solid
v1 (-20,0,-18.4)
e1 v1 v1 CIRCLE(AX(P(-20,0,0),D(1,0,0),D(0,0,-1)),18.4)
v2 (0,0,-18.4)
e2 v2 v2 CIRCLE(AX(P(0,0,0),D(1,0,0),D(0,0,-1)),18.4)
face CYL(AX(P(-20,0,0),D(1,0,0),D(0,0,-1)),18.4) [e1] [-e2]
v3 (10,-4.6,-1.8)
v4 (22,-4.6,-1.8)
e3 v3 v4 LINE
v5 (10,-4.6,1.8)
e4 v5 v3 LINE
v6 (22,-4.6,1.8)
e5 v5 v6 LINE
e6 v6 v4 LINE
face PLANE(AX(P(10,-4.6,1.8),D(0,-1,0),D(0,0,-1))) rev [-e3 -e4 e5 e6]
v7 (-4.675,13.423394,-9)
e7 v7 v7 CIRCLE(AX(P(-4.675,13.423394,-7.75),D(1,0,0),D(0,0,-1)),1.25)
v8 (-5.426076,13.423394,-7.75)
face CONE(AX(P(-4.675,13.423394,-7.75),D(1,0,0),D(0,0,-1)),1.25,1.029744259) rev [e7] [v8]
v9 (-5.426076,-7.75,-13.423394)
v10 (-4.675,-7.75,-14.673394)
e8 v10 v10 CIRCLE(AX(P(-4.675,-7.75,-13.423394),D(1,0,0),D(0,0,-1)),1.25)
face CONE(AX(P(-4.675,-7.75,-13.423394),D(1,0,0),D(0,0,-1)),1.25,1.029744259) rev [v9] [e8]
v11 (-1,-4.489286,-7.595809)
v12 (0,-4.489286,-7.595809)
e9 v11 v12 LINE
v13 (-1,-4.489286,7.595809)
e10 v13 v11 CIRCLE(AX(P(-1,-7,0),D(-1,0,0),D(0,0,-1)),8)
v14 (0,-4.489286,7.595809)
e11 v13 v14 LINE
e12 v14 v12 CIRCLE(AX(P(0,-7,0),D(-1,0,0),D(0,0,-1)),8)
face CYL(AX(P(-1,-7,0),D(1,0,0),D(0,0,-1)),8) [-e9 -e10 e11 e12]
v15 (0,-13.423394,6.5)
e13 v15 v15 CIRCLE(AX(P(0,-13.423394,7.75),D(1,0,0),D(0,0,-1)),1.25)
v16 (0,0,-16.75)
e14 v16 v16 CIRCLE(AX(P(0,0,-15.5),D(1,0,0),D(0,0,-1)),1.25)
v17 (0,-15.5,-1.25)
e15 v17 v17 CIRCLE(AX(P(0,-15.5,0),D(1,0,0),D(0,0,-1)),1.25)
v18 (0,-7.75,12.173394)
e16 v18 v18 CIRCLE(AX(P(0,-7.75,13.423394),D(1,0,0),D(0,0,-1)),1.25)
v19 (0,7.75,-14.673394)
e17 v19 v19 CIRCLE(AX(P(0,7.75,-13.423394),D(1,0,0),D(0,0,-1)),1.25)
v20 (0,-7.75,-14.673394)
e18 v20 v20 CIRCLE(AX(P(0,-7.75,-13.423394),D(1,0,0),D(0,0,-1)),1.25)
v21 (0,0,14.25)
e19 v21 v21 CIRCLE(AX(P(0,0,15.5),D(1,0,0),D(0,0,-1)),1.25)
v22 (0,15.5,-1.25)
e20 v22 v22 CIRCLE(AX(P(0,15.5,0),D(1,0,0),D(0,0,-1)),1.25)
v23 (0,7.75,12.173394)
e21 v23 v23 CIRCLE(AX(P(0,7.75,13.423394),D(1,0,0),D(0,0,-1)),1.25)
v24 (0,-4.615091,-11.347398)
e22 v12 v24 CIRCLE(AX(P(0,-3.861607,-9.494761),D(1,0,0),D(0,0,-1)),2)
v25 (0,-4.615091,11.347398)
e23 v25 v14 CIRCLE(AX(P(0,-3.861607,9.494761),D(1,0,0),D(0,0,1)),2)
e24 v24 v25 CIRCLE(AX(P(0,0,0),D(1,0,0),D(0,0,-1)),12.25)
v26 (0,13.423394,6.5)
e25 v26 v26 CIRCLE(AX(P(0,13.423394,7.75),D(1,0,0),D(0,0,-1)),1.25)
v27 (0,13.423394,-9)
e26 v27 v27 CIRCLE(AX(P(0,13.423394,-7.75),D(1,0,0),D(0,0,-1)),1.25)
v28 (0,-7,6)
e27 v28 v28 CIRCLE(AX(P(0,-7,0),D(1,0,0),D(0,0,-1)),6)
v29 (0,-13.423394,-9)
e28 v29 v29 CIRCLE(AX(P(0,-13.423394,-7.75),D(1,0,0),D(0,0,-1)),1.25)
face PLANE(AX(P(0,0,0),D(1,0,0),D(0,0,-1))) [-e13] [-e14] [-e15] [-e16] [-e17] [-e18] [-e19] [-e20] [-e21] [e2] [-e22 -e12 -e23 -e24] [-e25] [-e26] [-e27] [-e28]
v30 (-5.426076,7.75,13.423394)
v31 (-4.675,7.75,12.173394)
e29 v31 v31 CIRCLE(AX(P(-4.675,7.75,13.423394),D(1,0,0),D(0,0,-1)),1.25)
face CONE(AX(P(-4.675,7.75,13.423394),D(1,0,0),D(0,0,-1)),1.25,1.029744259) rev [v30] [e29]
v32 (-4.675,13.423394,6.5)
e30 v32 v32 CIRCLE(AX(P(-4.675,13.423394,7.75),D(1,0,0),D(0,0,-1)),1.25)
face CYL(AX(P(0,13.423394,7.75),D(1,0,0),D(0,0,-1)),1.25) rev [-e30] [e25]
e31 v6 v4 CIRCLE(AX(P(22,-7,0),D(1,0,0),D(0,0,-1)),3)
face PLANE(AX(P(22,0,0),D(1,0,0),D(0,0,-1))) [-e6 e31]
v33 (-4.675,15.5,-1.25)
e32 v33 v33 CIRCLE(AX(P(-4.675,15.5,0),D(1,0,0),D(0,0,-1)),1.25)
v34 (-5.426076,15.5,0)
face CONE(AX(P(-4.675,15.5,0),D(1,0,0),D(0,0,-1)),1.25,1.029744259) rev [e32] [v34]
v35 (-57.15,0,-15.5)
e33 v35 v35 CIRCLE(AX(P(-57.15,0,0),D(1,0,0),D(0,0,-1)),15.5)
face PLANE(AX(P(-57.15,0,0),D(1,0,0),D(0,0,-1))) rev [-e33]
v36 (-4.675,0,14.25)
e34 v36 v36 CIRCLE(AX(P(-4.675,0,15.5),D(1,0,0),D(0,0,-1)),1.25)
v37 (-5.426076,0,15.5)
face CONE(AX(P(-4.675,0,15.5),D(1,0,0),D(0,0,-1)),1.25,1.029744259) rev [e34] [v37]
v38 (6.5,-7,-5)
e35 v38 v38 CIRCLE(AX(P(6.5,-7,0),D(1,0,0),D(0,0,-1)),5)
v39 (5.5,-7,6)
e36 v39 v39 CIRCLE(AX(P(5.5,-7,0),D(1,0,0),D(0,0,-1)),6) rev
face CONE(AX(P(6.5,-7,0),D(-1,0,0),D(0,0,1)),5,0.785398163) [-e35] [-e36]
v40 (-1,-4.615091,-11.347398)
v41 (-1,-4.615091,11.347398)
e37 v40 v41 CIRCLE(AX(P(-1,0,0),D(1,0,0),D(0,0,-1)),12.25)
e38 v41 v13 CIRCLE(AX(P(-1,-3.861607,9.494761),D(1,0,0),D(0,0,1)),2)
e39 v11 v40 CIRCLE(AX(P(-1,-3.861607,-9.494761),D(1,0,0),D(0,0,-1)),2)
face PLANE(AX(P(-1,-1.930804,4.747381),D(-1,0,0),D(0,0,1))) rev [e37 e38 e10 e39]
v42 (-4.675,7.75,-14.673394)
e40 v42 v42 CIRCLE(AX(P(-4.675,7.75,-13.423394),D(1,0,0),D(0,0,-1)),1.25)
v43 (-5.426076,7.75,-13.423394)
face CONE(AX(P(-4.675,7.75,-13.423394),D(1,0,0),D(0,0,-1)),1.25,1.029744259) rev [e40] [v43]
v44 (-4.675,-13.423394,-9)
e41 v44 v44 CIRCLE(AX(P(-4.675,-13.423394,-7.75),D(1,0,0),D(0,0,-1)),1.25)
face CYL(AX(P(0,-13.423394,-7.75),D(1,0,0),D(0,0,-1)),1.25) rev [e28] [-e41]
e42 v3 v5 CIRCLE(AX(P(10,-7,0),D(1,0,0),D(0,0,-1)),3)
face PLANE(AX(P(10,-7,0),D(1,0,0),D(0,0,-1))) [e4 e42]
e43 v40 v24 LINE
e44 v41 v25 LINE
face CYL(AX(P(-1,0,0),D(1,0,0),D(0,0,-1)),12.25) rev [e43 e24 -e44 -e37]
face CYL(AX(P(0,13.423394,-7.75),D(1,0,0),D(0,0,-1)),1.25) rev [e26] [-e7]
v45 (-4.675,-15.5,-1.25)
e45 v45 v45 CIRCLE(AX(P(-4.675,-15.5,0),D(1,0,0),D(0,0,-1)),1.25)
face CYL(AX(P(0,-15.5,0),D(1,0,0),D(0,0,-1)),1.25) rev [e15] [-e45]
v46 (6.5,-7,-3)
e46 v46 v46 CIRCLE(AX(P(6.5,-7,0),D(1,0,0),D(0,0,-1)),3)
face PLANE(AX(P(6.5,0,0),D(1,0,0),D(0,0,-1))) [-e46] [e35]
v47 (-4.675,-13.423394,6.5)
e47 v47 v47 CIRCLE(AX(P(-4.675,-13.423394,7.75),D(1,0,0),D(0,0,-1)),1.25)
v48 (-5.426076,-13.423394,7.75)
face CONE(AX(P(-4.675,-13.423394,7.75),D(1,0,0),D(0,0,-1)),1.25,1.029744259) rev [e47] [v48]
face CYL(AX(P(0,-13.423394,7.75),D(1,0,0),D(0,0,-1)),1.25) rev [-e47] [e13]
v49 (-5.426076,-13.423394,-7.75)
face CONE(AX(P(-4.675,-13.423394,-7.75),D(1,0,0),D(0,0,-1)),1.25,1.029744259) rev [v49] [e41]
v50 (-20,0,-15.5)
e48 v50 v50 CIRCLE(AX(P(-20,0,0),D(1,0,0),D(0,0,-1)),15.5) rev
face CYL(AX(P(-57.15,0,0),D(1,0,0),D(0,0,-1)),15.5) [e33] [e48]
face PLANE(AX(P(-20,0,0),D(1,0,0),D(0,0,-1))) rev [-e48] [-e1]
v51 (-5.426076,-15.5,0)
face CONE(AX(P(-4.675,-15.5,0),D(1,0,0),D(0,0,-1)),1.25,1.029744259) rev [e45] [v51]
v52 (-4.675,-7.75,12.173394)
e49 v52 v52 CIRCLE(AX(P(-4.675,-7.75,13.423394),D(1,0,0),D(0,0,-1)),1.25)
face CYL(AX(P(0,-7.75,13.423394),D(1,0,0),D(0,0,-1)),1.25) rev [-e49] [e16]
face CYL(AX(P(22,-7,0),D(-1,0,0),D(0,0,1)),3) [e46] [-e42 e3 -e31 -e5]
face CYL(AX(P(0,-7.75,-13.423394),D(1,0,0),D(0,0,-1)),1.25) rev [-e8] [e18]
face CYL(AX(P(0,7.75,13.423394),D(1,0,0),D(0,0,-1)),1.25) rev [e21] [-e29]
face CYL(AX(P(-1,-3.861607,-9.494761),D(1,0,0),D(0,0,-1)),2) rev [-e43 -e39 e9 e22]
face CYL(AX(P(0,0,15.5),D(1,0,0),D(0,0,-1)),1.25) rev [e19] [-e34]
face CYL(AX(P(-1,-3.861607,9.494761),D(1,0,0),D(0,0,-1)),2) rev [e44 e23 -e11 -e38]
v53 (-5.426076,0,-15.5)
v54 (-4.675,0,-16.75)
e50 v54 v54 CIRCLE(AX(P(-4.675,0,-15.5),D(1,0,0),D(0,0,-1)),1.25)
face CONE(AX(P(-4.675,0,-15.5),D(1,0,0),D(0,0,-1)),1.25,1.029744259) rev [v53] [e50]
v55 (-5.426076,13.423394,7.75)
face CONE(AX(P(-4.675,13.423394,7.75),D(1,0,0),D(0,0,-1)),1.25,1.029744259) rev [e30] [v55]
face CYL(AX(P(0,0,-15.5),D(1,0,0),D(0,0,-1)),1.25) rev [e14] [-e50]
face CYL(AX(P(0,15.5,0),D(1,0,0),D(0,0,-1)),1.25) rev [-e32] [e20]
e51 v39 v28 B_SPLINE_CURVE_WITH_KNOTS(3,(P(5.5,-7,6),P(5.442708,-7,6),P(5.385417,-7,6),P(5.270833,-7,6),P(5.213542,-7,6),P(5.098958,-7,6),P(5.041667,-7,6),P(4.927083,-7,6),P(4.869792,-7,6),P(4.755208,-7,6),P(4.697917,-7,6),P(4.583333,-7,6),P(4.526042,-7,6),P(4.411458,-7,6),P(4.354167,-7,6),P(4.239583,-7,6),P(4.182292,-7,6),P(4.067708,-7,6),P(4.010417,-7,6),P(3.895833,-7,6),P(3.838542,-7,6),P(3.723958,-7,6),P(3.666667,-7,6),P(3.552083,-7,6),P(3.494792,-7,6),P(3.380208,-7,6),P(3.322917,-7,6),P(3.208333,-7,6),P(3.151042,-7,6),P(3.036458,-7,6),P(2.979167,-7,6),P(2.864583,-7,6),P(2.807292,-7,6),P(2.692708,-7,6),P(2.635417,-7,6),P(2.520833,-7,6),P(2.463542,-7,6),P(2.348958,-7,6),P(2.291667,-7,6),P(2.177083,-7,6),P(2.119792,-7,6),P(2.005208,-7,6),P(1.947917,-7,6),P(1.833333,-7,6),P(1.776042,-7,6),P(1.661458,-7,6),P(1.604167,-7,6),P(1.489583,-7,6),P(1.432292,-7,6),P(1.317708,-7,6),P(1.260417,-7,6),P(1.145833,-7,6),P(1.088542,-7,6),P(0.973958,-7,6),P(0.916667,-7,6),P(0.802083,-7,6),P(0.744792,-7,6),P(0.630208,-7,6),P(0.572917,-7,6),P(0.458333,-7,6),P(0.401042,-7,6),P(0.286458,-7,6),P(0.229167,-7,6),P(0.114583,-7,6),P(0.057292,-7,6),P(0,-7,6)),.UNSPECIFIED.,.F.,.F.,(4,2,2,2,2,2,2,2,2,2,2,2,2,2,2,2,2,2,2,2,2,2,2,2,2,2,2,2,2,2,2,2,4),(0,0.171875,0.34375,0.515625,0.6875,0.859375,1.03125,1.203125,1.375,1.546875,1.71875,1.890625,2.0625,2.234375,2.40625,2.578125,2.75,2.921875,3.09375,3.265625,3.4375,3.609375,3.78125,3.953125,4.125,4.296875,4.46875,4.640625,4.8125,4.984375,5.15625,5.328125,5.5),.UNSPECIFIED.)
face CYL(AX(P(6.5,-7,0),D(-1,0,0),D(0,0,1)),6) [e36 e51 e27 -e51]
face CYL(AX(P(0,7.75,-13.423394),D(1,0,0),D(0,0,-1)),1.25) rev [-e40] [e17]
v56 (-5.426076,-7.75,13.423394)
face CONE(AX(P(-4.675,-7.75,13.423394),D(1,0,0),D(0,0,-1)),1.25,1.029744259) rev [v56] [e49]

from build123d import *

# Parameters (mm, degrees)
SKETCH1_R                 = 6
SKETCH1_R_2               = 3
BOSS_EXTRUDE1_DEPTH       = 6.5
SKETCH1_3_R               = 3
BOSS_EXTRUDE2_DEPTH       = 22
SKETCH1_4_R               = 18.4
BOSS_EXTRUDE3_DEPTH       = 20
SKETCH1_5_R               = 15.5
BOSS_EXTRUDE4_DEPTH       = 57.15
M3X0_5_TAPPED_HOLE1_D     = 2.5
M3X0_5_TAPPED_HOLE1_DEPTH = 4.675
M3X0_5_TAPPED_HOLE1_TIP   = 0.751075774
CUT_EXTRUDE1_DEPTH        = 1
CUT_EXTRUDE2_START        = -12
CUT_EXTRUDE2_DEPTH        = 12
CHAMFER1_SIZE             = 1


with BuildPart() as part:
    # Sketch1 → Boss-Extrude1 (new body)
    with BuildSketch(Plane(origin=(0, 0, 0), x_dir=(0, 0, -1), z_dir=(1, 0, 0))):
        with Locations((0, -7)):
            Circle(SKETCH1_R)
        with Locations((0, -7)):
            Circle(SKETCH1_R_2, mode=Mode.SUBTRACT)
    extrude(amount=BOSS_EXTRUDE1_DEPTH)

    # Sketch1<3> → Boss-Extrude2 (add)
    with BuildSketch(Plane(origin=(0, 0, 0), x_dir=(0, 0, -1), z_dir=(1, 0, 0))):
        with Locations((0, -7)):
            Circle(SKETCH1_3_R)
    extrude(amount=BOSS_EXTRUDE2_DEPTH)



with BuildPart() as body_2:
    # Sketch1<4> → Boss-Extrude3 (new body)
    with BuildSketch(Plane(origin=(0, 0, 0), x_dir=(0, 0, -1), z_dir=(1, 0, 0))):
        Circle(SKETCH1_4_R)
    extrude(amount=-BOSS_EXTRUDE3_DEPTH)


with BuildPart() as part_1:
    add(part.part)

    add(body_2.part)  # Boss-Extrude4 merges body 2
    # Sketch1<5> → Boss-Extrude4 (add)
    with BuildSketch(Plane(origin=(0, 0, 0), x_dir=(0, 0, -1), z_dir=(1, 0, 0))):
        Circle(SKETCH1_5_R)
    extrude(amount=-BOSS_EXTRUDE4_DEPTH)

    # M3x0.5 Tapped Hole1
    with Locations(Plane(origin=(0, 0, 0), x_dir=(0, 0, -1), z_dir=(1, 0, 0))):
        with Locations((-13.423393759, 7.75), (-15.5, 0), (-13.423393759, -7.75), (-7.75, -13.423393759), (0, -15.5), (7.75, -13.423393759), (13.423393759, -7.75), (15.5, 0), (13.423393759, 7.75), (7.75, 13.423393759), (0, 15.5), (-7.75, 13.423393759)):
            Hole(M3X0_5_TAPPED_HOLE1_D / 2, depth=M3X0_5_TAPPED_HOLE1_DEPTH)
            with Locations((0, 0, -(M3X0_5_TAPPED_HOLE1_DEPTH + M3X0_5_TAPPED_HOLE1_TIP / 2))):  # 118° drill point
                Cone(0, M3X0_5_TAPPED_HOLE1_D / 2, M3X0_5_TAPPED_HOLE1_TIP, mode=Mode.SUBTRACT)

    # Sketch4 → Cut-Extrude1 (cut)
    with BuildSketch(Plane(origin=(0, 0, 0), x_dir=(0, 0, -1), z_dir=(1, 0, 0))):
        with BuildLine():
            ThreePointArc((11.347397534, -4.615091463), (0, 12.25), (-11.347397534, -4.615091463))
            ThreePointArc((-11.347397534, -4.615091463), (-9.427730891, -5.860483562), (-7.595808961, -4.489285714))
            ThreePointArc((-7.595808961, -4.489285714), (0, 1), (7.595808961, -4.489285714))
            ThreePointArc((7.595808961, -4.489285714), (9.427730891, -5.860483562), (11.347397534, -4.615091463))
        make_face()
    extrude(amount=-CUT_EXTRUDE1_DEPTH, mode=Mode.SUBTRACT)

    # Sketch5 → Cut-Extrude2 (cut)
    with BuildSketch(Plane(origin=(22, 0, 0), x_dir=(0, 0, -1), z_dir=(1, 0, 0)).offset(CUT_EXTRUDE2_START)):
        with BuildLine():
            Line((-1.8, -4.6), (1.8, -4.6))
            ThreePointArc((1.8, -4.6), (0, -4), (-1.8, -4.6))
        make_face()
    extrude(amount=CUT_EXTRUDE2_DEPTH, mode=Mode.SUBTRACT)

    # Chamfer1
    chamfer1_edges = [part_1.edges().sort_by_distance(p)[0] for p in [
        (6.5, -7, 6),
    ]]
    chamfer(chamfer1_edges, length=CHAMFER1_SIZE)


solid = part_1.part
